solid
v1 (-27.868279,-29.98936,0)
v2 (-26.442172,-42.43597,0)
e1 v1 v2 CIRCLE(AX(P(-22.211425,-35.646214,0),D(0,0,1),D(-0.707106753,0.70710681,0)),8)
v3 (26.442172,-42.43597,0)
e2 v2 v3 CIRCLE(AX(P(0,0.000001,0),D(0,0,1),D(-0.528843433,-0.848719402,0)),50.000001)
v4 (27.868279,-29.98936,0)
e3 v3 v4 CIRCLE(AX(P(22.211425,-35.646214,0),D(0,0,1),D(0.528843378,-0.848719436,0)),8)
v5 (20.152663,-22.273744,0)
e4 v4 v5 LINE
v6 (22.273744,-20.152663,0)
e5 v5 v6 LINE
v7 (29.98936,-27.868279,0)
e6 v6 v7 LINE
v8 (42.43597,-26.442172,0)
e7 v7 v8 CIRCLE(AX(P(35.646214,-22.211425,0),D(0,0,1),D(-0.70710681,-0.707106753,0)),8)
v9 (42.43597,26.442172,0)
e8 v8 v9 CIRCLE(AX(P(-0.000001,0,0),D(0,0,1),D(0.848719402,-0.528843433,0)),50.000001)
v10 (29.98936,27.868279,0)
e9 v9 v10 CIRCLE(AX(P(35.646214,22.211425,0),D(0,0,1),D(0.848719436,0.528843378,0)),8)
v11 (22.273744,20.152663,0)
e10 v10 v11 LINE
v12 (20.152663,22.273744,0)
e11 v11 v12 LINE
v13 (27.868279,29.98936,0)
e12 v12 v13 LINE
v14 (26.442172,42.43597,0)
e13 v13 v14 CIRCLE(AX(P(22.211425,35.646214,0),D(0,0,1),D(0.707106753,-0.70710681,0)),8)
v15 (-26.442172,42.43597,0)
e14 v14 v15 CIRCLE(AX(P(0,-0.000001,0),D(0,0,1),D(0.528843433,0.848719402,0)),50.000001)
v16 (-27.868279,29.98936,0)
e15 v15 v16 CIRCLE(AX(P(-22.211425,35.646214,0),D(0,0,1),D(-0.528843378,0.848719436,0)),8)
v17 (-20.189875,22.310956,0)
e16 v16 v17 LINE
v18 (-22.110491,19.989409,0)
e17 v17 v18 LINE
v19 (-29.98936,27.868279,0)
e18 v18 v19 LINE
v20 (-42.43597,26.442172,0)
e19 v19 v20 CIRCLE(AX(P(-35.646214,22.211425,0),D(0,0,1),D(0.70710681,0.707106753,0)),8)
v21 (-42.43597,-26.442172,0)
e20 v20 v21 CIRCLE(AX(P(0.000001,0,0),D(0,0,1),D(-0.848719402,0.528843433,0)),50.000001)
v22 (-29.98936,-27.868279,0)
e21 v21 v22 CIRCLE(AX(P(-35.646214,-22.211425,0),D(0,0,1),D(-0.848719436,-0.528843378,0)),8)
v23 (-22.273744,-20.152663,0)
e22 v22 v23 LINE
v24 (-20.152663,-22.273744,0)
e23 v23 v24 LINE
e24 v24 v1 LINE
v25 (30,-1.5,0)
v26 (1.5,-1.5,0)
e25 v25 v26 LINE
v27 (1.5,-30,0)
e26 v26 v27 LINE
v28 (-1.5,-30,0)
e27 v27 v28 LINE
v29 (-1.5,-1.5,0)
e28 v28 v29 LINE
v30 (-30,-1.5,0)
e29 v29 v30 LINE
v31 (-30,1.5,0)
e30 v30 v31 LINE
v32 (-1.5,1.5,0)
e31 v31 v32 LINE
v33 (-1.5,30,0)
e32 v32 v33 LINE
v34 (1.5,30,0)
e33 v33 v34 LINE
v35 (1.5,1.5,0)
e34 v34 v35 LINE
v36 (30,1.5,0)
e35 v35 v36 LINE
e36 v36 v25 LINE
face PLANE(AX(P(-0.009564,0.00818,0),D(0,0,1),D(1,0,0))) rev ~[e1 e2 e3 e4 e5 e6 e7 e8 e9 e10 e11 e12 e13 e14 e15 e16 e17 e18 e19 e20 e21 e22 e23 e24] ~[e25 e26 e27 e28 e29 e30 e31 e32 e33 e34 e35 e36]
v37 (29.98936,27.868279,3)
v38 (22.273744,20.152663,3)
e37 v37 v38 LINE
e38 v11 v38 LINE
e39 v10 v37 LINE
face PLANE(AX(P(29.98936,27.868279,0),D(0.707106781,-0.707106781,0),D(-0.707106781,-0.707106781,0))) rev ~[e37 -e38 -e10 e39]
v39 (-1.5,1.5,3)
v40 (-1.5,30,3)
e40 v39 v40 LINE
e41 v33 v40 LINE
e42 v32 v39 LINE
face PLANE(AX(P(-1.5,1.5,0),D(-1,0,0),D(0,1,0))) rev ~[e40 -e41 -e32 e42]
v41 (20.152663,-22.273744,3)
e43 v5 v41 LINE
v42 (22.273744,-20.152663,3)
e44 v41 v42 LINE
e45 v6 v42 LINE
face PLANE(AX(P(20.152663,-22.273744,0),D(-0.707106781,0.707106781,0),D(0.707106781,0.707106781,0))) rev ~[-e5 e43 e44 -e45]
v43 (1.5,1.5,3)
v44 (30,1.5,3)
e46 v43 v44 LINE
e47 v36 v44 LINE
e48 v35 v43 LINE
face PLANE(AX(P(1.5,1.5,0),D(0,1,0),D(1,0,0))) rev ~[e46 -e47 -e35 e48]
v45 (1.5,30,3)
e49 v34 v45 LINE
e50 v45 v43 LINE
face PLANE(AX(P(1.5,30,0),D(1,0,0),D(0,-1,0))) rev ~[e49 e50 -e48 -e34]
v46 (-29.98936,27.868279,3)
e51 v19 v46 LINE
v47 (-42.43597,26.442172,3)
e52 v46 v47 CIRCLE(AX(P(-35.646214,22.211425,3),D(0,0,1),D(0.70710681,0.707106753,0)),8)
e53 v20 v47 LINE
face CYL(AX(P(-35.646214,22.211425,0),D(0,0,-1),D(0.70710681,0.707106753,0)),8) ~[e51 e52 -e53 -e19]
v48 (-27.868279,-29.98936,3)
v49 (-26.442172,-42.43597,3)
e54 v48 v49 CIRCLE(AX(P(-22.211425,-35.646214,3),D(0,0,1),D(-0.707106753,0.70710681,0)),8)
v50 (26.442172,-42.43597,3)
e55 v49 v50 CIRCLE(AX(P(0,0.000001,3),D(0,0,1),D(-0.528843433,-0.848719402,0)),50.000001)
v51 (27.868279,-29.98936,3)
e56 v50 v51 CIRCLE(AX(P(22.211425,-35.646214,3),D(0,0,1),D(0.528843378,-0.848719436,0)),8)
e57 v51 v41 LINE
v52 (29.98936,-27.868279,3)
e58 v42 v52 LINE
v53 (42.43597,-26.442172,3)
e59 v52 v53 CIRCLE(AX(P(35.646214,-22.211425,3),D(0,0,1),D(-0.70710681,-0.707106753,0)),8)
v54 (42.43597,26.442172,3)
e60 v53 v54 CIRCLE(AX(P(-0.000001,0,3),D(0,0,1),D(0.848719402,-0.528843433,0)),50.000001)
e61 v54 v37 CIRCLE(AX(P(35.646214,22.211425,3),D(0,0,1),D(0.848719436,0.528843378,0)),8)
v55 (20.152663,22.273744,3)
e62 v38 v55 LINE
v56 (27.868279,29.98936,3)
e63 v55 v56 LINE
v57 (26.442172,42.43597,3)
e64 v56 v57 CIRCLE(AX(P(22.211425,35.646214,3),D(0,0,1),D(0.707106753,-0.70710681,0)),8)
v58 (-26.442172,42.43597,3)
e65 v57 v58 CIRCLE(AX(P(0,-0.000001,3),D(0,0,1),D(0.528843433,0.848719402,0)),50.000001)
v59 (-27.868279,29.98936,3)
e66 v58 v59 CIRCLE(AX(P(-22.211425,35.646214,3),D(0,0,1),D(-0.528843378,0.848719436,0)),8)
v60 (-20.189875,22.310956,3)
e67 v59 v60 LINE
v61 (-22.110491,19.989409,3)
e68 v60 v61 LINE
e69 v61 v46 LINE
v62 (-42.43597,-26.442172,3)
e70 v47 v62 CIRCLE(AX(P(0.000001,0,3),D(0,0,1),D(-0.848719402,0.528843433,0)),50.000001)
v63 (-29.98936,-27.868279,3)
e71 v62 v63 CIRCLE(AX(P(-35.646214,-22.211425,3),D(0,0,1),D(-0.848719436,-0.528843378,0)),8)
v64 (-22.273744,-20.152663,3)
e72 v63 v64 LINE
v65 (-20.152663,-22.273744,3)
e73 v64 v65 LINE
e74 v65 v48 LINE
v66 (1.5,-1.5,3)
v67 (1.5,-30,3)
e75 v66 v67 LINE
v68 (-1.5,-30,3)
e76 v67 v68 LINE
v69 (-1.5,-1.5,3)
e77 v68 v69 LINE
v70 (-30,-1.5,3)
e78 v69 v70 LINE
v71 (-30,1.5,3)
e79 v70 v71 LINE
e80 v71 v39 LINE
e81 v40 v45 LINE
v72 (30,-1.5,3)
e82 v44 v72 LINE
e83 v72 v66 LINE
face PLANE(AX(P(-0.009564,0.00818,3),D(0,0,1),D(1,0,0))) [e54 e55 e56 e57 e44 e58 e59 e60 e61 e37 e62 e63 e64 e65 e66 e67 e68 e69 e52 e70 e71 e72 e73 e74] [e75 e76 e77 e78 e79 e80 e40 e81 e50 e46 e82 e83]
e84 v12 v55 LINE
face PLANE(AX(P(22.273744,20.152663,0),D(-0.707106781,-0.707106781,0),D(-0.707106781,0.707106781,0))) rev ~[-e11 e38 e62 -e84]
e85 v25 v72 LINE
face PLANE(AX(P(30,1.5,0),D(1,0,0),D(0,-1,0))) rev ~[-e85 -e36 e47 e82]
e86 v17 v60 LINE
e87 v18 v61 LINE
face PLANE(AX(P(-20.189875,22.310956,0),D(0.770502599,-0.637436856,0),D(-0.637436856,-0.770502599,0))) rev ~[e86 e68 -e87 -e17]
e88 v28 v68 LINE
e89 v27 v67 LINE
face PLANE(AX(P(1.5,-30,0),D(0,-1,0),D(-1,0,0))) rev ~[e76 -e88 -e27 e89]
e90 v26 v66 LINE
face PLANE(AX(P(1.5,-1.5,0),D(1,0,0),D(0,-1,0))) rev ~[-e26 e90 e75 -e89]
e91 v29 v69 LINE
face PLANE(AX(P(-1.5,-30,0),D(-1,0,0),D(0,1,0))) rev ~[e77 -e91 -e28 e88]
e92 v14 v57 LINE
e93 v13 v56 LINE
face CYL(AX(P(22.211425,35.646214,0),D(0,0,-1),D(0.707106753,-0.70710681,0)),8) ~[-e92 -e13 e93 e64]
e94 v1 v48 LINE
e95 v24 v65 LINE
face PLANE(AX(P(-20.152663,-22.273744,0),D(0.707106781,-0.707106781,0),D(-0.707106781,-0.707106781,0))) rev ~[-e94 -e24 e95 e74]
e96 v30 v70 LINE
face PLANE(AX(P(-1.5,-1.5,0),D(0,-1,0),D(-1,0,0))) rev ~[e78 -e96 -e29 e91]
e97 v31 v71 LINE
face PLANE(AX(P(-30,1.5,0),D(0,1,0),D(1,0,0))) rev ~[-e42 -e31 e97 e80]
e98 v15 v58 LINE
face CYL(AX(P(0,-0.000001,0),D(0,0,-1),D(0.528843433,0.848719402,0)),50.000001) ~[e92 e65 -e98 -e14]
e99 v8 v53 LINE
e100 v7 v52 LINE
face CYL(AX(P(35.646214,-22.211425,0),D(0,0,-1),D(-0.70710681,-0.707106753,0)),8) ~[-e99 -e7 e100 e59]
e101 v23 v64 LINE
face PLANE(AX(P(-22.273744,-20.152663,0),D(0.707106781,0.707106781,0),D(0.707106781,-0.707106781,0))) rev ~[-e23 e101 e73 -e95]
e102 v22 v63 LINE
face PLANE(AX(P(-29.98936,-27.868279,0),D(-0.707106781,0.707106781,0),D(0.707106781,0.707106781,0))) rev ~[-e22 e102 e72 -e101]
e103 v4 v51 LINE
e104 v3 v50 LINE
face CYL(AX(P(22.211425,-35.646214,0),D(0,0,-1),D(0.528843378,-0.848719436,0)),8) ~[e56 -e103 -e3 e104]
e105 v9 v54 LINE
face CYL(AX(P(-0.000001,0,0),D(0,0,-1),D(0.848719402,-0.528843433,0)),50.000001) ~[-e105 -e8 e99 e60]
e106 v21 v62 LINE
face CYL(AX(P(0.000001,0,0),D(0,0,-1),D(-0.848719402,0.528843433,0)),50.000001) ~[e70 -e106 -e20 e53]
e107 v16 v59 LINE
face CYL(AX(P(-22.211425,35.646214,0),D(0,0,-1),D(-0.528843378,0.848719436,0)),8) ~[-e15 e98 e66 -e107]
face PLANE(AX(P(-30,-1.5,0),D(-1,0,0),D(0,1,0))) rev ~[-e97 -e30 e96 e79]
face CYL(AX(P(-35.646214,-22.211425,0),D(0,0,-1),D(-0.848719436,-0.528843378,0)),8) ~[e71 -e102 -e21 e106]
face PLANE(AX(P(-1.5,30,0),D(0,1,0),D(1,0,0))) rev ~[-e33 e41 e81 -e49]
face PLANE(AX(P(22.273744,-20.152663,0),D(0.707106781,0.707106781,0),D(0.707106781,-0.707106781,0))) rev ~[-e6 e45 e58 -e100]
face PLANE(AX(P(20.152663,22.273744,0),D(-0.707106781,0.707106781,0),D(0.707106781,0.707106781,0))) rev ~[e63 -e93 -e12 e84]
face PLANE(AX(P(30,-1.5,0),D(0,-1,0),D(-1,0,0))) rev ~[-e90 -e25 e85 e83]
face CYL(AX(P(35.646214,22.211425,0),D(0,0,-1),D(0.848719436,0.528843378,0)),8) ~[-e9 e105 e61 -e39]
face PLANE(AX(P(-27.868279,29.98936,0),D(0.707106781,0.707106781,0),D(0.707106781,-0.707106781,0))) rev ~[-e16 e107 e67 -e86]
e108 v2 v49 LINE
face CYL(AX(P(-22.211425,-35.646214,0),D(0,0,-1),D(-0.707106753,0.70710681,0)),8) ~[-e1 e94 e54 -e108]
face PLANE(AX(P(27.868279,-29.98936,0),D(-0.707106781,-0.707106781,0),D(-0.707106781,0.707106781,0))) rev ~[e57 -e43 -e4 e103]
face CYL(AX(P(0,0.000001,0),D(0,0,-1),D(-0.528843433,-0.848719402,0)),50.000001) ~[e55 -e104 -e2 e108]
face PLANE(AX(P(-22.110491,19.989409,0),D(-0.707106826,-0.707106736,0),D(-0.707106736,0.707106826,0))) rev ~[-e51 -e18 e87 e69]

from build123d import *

# Parameters (mm, degrees)
F1_DEPTH = 3


with BuildPart() as f1:
    # F0 (on Top) → F1 (new body)
    with BuildSketch(Plane.XY):
        with BuildLine():
            ThreePointArc((-29.98936, 27.868279), (-36.55688, 30.159424), (-42.43597, 26.442172))
            ThreePointArc((-42.43597, 26.442172), (-50, 0), (-42.43597, -26.442172))
            ThreePointArc((-42.43597, -26.442172), (-36.55688, -30.159424), (-29.98936, -27.868279))
            Line((-29.98936, -27.868279), (-22.273744, -20.152663))
            Line((-22.273744, -20.152663), (-20.152663, -22.273744))
            Line((-20.152663, -22.273744), (-27.868279, -29.98936))
            ThreePointArc((-27.868279, -29.98936), (-30.159424, -36.55688), (-26.442172, -42.43597))
            ThreePointArc((-26.442172, -42.43597), (0, -50), (26.442172, -42.43597))
            ThreePointArc((26.442172, -42.43597), (30.159424, -36.55688), (27.868279, -29.98936))
            Line((27.868279, -29.98936), (20.152663, -22.273744))
            Line((20.152663, -22.273744), (22.273744, -20.152663))
            Line((22.273744, -20.152663), (29.98936, -27.868279))
            ThreePointArc((29.98936, -27.868279), (36.55688, -30.159424), (42.43597, -26.442172))
            ThreePointArc((42.43597, -26.442172), (50, 0), (42.43597, 26.442172))
            ThreePointArc((42.43597, 26.442172), (36.55688, 30.159424), (29.98936, 27.868279))
            Line((29.98936, 27.868279), (22.273744, 20.152663))
            Line((22.273744, 20.152663), (20.152663, 22.273744))
            Line((20.152663, 22.273744), (27.868279, 29.98936))
            ThreePointArc((27.868279, 29.98936), (30.159424, 36.55688), (26.442172, 42.43597))
            ThreePointArc((26.442172, 42.43597), (0, 50), (-26.442172, 42.43597))
            ThreePointArc((-26.442172, 42.43597), (-30.159424, 36.55688), (-27.868279, 29.98936))
            Line((-27.868279, 29.98936), (-20.189875, 22.310956))
            Line((-20.189875, 22.310956), (-22.110491, 19.989409))
            Line((-22.110491, 19.989409), (-29.98936, 27.868279))
        make_face()
        Polygon((-1.5, 30), (1.5, 30), (1.5, 3.621082), (1.5, 1.5), (3.621082, 1.5), (30, 1.5), (30, -1.5), (3.621082, -1.5), (1.5, -1.5), (1.5, -3.621082), (1.5, -30), (-1.5, -30), (-1.5, -3.621082), (-1.5, -1.5), (-3.621082, -1.5), (-30, -1.5), (-30, 1.5), (-3.621082, 1.5), (-1.5, 1.5), (-1.5, 3.621082), align=None, mode=Mode.SUBTRACT)
    extrude(amount=F1_DEPTH)


solid = f1.part
